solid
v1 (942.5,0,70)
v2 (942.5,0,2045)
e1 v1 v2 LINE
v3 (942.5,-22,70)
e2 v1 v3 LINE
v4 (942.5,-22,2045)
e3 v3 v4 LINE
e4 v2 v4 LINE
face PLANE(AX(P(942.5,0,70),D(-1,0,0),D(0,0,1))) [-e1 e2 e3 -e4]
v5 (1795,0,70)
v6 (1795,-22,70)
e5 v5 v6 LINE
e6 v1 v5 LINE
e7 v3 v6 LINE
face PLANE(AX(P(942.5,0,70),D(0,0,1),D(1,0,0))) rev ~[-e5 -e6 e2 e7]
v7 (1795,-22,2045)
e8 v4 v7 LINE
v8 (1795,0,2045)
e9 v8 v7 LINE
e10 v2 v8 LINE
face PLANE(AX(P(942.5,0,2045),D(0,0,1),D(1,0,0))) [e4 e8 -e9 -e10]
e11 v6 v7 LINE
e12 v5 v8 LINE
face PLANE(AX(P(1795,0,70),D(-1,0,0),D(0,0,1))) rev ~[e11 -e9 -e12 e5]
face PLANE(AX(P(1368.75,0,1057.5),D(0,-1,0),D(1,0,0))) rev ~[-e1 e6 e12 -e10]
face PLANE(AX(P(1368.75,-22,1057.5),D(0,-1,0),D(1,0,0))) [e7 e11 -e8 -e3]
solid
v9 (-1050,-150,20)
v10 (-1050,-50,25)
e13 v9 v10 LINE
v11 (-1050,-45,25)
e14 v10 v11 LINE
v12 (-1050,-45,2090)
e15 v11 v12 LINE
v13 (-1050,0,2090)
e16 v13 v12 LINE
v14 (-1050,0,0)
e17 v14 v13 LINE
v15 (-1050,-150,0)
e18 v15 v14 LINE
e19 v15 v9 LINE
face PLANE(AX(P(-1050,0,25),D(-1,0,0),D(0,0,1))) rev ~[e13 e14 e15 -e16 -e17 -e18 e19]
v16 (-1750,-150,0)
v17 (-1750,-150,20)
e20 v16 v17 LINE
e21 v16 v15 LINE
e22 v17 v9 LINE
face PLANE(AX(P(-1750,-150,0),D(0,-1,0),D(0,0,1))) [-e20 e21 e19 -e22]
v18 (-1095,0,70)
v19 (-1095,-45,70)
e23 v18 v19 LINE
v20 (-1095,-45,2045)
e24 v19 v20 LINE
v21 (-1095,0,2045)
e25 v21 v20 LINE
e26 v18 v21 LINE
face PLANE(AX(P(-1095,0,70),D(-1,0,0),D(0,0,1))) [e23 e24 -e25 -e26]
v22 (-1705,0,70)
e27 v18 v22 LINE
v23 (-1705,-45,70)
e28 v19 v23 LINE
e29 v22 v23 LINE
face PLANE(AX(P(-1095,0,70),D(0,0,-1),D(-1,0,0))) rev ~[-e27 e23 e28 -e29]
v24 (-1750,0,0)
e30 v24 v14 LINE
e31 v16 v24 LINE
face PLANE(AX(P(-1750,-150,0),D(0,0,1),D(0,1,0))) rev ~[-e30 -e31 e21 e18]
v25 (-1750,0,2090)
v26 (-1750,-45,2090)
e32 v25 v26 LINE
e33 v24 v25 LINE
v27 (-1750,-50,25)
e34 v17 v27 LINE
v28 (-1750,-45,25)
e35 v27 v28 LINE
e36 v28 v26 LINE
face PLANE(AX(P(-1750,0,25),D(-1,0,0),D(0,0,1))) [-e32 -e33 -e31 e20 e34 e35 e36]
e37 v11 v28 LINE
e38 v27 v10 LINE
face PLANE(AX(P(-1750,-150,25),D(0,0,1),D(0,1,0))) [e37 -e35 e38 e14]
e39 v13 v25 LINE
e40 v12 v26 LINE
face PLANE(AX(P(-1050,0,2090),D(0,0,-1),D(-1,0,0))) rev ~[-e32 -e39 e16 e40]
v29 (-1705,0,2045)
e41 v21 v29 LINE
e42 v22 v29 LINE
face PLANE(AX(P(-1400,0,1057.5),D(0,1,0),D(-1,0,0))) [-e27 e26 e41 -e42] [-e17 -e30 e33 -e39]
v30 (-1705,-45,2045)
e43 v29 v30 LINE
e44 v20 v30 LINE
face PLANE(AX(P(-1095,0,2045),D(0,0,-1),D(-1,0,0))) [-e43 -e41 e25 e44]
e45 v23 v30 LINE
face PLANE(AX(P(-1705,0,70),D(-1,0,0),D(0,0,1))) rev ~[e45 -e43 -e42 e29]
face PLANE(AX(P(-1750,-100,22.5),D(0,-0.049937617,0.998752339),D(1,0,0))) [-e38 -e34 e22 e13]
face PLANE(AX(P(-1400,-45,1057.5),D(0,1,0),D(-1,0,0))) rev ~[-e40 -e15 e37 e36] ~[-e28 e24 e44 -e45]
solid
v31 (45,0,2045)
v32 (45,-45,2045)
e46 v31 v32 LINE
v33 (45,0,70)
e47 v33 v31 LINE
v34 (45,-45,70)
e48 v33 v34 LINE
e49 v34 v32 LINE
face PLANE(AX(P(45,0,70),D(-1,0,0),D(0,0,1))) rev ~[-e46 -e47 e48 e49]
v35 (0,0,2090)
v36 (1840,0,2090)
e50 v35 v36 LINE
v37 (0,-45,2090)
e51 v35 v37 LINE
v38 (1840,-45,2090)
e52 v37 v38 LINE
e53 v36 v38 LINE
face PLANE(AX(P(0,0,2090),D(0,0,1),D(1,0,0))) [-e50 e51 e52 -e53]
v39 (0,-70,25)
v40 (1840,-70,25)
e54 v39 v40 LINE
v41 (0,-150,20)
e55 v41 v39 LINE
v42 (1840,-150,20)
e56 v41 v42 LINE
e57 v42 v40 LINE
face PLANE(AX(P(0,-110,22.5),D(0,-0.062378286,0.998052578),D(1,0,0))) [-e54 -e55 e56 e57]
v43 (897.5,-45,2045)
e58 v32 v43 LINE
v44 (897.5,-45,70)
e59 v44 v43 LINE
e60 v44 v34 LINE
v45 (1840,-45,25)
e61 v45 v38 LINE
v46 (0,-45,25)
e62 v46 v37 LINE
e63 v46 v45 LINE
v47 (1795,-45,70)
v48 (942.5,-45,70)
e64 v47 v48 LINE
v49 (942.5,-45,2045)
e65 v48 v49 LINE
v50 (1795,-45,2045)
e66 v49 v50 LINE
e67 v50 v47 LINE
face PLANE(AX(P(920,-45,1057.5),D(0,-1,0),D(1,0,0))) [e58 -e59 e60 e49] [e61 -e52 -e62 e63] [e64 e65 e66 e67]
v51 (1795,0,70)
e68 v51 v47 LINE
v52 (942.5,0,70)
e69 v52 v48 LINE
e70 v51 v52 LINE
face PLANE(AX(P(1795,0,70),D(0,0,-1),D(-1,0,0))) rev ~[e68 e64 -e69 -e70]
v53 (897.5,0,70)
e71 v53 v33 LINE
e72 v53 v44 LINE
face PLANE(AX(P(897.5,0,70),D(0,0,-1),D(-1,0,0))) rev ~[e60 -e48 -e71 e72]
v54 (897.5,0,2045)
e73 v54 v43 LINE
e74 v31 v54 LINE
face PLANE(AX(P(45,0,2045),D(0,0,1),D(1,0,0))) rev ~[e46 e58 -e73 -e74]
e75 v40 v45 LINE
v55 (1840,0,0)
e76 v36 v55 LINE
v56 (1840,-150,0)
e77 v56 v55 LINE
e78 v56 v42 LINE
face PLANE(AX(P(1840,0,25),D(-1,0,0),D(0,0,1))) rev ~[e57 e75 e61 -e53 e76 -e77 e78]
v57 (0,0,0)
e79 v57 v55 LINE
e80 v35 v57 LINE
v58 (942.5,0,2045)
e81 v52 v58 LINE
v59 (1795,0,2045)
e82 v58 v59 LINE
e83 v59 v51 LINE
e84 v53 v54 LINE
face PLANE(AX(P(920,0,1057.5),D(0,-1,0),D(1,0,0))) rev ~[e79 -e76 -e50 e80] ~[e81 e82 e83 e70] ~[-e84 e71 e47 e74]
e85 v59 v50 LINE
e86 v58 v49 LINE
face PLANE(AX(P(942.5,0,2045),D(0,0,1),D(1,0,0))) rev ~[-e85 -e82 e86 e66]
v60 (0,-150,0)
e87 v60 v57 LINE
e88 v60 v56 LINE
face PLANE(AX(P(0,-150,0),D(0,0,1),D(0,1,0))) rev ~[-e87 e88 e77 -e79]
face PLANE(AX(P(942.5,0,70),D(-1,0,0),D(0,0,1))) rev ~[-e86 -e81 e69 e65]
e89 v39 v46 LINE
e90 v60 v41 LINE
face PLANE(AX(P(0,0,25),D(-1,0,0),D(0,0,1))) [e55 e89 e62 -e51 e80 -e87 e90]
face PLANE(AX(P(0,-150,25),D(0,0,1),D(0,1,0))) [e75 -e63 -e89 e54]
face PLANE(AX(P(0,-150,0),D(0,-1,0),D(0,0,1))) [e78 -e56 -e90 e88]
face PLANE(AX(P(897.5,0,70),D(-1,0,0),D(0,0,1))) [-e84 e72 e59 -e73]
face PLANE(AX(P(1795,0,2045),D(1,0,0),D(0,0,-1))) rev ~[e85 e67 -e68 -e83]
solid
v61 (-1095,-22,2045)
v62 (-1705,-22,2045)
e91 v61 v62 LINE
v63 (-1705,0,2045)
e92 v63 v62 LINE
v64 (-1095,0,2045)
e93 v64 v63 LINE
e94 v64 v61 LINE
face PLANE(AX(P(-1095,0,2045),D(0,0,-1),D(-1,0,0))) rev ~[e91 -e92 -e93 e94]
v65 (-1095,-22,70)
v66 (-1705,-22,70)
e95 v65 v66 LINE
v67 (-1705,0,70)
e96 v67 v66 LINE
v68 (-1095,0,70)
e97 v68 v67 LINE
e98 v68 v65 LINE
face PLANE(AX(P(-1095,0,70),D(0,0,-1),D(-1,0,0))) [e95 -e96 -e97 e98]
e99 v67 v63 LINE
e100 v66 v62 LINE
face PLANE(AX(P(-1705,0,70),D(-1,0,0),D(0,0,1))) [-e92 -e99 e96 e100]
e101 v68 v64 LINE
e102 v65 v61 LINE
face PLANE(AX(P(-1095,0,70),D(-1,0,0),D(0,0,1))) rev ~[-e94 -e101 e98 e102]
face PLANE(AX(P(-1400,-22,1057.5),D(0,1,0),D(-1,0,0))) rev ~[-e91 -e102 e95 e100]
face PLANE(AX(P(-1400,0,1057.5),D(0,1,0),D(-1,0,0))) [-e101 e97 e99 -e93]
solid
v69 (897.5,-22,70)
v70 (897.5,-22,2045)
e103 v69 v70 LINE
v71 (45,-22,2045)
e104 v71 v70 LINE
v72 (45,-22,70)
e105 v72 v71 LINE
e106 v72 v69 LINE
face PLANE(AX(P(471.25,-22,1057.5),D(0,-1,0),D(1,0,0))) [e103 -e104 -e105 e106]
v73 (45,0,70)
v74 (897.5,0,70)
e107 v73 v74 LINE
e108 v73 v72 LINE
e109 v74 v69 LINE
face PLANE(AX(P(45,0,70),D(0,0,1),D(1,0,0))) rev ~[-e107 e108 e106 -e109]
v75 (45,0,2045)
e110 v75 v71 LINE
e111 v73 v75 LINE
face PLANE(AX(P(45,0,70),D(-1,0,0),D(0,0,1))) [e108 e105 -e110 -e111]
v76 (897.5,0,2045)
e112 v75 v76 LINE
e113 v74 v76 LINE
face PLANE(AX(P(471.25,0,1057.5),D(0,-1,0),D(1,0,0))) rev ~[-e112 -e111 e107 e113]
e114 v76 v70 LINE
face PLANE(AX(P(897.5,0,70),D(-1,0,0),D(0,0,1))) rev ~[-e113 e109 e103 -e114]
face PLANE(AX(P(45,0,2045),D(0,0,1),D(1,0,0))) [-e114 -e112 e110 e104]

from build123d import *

# Parameters (mm, degrees)
F1_W      = 150
F1_H      = 25
F2_DEPTH  = 1840
F3_W      = 1840
F3_H      = 2065
F3_W_2    = 45
F3_H_2    = 1975
F4_DEPTH  = 45
F3_W_3    = 852.5
F5_DEPTH  = 22
F6_SIZE2  = 80
F6_SIZE   = 5
F8_W      = 150
F8_H      = 25
F9_DEPTH  = 700
F10_W     = 700
F10_H     = 2065
F10_W_2   = 610
F10_H_2   = 1975
F11_DEPTH = 45
F12_DEPTH = 22
F13_SIZE2 = 100
F13_SIZE  = 5


with BuildPart() as f2:
    # F1 (on Right) → F2 (new body)
    with BuildSketch(Plane.YZ):
        with Locations((-75, 12.5)):
            Rectangle(F1_W, F1_H)
    extrude(amount=F2_DEPTH)

    # F3 (on Front) → F4 (join)
    with BuildSketch(Plane.XZ):
        with Locations((920, 1057.5)):
            Rectangle(F3_W, F3_H)
        Polygon((45, 70), (45, 2045), (897.5, 2045), (942.5, 2045), (1795, 2045), (1795, 70), (942.5, 70), (897.5, 70), align=None, mode=Mode.SUBTRACT)
        with Locations((920, 1057.5)):
            Rectangle(F3_W_2, F3_H_2)
    extrude(amount=F4_DEPTH)

    # F6
    f6_edges = [f2.edges().sort_by_distance(p)[0] for p in [
        (920, -150, 25),
    ]]
    f6_side = f2.faces().sort_by_distance((920, -150, 12.5))[0]
    chamfer(f6_edges, length=F6_SIZE, length2=F6_SIZE2, reference=f6_side)


with BuildPart() as f5:
    # F3 (on Front) → F5 (new body)
    with BuildSketch(Plane.XZ):
        with Locations((471.25, 1057.5)):
            Rectangle(F3_W_3, F3_H_2)
    extrude(amount=F5_DEPTH)


with BuildPart() as f5b:
    # F3 (on Front) → F5, piece 2 (new body)
    with BuildSketch(Plane.XZ):
        with Locations((1368.75, 1057.5)):
            Rectangle(F3_W_3, F3_H_2)
    extrude(amount=F5_DEPTH)


with BuildPart() as f9:
    # F8 (on offset) → F9 (new body)
    with BuildSketch(Plane.YZ.offset(-1750)):
        with Locations((-75, 12.5)):
            Rectangle(F8_W, F8_H)
    extrude(amount=F9_DEPTH)

    # F10 (on face) → F11 (join)
    with BuildSketch(Plane(origin=(0, 0, 0), x_dir=(-1, 0, 0), z_dir=(0, 1, 0))):
        with Locations((1400, 1057.5)):
            Rectangle(F10_W, F10_H)
        with Locations((1400, 1057.5)):
            Rectangle(F10_W_2, F10_H_2, mode=Mode.SUBTRACT)
    extrude(amount=-F11_DEPTH)

    # F13
    f13_edges = [f9.edges().sort_by_distance(p)[0] for p in [
        (-1400, -150, 25),
    ]]
    f13_side = f9.faces().sort_by_distance((-1400, -150, 12.5))[0]
    chamfer(f13_edges, length=F13_SIZE, length2=F13_SIZE2, reference=f13_side)


with BuildPart() as f12:
    # F10 (on face) → F12 (new body)
    with BuildSketch(Plane(origin=(0, 0, 0), x_dir=(-1, 0, 0), z_dir=(0, 1, 0))):
        with Locations((1400, 1057.5)):
            Rectangle(F10_W_2, F10_H_2)
    extrude(amount=-F12_DEPTH)


solid = Compound([f2.part, f5.part, f5b.part, f9.part, f12.part])
